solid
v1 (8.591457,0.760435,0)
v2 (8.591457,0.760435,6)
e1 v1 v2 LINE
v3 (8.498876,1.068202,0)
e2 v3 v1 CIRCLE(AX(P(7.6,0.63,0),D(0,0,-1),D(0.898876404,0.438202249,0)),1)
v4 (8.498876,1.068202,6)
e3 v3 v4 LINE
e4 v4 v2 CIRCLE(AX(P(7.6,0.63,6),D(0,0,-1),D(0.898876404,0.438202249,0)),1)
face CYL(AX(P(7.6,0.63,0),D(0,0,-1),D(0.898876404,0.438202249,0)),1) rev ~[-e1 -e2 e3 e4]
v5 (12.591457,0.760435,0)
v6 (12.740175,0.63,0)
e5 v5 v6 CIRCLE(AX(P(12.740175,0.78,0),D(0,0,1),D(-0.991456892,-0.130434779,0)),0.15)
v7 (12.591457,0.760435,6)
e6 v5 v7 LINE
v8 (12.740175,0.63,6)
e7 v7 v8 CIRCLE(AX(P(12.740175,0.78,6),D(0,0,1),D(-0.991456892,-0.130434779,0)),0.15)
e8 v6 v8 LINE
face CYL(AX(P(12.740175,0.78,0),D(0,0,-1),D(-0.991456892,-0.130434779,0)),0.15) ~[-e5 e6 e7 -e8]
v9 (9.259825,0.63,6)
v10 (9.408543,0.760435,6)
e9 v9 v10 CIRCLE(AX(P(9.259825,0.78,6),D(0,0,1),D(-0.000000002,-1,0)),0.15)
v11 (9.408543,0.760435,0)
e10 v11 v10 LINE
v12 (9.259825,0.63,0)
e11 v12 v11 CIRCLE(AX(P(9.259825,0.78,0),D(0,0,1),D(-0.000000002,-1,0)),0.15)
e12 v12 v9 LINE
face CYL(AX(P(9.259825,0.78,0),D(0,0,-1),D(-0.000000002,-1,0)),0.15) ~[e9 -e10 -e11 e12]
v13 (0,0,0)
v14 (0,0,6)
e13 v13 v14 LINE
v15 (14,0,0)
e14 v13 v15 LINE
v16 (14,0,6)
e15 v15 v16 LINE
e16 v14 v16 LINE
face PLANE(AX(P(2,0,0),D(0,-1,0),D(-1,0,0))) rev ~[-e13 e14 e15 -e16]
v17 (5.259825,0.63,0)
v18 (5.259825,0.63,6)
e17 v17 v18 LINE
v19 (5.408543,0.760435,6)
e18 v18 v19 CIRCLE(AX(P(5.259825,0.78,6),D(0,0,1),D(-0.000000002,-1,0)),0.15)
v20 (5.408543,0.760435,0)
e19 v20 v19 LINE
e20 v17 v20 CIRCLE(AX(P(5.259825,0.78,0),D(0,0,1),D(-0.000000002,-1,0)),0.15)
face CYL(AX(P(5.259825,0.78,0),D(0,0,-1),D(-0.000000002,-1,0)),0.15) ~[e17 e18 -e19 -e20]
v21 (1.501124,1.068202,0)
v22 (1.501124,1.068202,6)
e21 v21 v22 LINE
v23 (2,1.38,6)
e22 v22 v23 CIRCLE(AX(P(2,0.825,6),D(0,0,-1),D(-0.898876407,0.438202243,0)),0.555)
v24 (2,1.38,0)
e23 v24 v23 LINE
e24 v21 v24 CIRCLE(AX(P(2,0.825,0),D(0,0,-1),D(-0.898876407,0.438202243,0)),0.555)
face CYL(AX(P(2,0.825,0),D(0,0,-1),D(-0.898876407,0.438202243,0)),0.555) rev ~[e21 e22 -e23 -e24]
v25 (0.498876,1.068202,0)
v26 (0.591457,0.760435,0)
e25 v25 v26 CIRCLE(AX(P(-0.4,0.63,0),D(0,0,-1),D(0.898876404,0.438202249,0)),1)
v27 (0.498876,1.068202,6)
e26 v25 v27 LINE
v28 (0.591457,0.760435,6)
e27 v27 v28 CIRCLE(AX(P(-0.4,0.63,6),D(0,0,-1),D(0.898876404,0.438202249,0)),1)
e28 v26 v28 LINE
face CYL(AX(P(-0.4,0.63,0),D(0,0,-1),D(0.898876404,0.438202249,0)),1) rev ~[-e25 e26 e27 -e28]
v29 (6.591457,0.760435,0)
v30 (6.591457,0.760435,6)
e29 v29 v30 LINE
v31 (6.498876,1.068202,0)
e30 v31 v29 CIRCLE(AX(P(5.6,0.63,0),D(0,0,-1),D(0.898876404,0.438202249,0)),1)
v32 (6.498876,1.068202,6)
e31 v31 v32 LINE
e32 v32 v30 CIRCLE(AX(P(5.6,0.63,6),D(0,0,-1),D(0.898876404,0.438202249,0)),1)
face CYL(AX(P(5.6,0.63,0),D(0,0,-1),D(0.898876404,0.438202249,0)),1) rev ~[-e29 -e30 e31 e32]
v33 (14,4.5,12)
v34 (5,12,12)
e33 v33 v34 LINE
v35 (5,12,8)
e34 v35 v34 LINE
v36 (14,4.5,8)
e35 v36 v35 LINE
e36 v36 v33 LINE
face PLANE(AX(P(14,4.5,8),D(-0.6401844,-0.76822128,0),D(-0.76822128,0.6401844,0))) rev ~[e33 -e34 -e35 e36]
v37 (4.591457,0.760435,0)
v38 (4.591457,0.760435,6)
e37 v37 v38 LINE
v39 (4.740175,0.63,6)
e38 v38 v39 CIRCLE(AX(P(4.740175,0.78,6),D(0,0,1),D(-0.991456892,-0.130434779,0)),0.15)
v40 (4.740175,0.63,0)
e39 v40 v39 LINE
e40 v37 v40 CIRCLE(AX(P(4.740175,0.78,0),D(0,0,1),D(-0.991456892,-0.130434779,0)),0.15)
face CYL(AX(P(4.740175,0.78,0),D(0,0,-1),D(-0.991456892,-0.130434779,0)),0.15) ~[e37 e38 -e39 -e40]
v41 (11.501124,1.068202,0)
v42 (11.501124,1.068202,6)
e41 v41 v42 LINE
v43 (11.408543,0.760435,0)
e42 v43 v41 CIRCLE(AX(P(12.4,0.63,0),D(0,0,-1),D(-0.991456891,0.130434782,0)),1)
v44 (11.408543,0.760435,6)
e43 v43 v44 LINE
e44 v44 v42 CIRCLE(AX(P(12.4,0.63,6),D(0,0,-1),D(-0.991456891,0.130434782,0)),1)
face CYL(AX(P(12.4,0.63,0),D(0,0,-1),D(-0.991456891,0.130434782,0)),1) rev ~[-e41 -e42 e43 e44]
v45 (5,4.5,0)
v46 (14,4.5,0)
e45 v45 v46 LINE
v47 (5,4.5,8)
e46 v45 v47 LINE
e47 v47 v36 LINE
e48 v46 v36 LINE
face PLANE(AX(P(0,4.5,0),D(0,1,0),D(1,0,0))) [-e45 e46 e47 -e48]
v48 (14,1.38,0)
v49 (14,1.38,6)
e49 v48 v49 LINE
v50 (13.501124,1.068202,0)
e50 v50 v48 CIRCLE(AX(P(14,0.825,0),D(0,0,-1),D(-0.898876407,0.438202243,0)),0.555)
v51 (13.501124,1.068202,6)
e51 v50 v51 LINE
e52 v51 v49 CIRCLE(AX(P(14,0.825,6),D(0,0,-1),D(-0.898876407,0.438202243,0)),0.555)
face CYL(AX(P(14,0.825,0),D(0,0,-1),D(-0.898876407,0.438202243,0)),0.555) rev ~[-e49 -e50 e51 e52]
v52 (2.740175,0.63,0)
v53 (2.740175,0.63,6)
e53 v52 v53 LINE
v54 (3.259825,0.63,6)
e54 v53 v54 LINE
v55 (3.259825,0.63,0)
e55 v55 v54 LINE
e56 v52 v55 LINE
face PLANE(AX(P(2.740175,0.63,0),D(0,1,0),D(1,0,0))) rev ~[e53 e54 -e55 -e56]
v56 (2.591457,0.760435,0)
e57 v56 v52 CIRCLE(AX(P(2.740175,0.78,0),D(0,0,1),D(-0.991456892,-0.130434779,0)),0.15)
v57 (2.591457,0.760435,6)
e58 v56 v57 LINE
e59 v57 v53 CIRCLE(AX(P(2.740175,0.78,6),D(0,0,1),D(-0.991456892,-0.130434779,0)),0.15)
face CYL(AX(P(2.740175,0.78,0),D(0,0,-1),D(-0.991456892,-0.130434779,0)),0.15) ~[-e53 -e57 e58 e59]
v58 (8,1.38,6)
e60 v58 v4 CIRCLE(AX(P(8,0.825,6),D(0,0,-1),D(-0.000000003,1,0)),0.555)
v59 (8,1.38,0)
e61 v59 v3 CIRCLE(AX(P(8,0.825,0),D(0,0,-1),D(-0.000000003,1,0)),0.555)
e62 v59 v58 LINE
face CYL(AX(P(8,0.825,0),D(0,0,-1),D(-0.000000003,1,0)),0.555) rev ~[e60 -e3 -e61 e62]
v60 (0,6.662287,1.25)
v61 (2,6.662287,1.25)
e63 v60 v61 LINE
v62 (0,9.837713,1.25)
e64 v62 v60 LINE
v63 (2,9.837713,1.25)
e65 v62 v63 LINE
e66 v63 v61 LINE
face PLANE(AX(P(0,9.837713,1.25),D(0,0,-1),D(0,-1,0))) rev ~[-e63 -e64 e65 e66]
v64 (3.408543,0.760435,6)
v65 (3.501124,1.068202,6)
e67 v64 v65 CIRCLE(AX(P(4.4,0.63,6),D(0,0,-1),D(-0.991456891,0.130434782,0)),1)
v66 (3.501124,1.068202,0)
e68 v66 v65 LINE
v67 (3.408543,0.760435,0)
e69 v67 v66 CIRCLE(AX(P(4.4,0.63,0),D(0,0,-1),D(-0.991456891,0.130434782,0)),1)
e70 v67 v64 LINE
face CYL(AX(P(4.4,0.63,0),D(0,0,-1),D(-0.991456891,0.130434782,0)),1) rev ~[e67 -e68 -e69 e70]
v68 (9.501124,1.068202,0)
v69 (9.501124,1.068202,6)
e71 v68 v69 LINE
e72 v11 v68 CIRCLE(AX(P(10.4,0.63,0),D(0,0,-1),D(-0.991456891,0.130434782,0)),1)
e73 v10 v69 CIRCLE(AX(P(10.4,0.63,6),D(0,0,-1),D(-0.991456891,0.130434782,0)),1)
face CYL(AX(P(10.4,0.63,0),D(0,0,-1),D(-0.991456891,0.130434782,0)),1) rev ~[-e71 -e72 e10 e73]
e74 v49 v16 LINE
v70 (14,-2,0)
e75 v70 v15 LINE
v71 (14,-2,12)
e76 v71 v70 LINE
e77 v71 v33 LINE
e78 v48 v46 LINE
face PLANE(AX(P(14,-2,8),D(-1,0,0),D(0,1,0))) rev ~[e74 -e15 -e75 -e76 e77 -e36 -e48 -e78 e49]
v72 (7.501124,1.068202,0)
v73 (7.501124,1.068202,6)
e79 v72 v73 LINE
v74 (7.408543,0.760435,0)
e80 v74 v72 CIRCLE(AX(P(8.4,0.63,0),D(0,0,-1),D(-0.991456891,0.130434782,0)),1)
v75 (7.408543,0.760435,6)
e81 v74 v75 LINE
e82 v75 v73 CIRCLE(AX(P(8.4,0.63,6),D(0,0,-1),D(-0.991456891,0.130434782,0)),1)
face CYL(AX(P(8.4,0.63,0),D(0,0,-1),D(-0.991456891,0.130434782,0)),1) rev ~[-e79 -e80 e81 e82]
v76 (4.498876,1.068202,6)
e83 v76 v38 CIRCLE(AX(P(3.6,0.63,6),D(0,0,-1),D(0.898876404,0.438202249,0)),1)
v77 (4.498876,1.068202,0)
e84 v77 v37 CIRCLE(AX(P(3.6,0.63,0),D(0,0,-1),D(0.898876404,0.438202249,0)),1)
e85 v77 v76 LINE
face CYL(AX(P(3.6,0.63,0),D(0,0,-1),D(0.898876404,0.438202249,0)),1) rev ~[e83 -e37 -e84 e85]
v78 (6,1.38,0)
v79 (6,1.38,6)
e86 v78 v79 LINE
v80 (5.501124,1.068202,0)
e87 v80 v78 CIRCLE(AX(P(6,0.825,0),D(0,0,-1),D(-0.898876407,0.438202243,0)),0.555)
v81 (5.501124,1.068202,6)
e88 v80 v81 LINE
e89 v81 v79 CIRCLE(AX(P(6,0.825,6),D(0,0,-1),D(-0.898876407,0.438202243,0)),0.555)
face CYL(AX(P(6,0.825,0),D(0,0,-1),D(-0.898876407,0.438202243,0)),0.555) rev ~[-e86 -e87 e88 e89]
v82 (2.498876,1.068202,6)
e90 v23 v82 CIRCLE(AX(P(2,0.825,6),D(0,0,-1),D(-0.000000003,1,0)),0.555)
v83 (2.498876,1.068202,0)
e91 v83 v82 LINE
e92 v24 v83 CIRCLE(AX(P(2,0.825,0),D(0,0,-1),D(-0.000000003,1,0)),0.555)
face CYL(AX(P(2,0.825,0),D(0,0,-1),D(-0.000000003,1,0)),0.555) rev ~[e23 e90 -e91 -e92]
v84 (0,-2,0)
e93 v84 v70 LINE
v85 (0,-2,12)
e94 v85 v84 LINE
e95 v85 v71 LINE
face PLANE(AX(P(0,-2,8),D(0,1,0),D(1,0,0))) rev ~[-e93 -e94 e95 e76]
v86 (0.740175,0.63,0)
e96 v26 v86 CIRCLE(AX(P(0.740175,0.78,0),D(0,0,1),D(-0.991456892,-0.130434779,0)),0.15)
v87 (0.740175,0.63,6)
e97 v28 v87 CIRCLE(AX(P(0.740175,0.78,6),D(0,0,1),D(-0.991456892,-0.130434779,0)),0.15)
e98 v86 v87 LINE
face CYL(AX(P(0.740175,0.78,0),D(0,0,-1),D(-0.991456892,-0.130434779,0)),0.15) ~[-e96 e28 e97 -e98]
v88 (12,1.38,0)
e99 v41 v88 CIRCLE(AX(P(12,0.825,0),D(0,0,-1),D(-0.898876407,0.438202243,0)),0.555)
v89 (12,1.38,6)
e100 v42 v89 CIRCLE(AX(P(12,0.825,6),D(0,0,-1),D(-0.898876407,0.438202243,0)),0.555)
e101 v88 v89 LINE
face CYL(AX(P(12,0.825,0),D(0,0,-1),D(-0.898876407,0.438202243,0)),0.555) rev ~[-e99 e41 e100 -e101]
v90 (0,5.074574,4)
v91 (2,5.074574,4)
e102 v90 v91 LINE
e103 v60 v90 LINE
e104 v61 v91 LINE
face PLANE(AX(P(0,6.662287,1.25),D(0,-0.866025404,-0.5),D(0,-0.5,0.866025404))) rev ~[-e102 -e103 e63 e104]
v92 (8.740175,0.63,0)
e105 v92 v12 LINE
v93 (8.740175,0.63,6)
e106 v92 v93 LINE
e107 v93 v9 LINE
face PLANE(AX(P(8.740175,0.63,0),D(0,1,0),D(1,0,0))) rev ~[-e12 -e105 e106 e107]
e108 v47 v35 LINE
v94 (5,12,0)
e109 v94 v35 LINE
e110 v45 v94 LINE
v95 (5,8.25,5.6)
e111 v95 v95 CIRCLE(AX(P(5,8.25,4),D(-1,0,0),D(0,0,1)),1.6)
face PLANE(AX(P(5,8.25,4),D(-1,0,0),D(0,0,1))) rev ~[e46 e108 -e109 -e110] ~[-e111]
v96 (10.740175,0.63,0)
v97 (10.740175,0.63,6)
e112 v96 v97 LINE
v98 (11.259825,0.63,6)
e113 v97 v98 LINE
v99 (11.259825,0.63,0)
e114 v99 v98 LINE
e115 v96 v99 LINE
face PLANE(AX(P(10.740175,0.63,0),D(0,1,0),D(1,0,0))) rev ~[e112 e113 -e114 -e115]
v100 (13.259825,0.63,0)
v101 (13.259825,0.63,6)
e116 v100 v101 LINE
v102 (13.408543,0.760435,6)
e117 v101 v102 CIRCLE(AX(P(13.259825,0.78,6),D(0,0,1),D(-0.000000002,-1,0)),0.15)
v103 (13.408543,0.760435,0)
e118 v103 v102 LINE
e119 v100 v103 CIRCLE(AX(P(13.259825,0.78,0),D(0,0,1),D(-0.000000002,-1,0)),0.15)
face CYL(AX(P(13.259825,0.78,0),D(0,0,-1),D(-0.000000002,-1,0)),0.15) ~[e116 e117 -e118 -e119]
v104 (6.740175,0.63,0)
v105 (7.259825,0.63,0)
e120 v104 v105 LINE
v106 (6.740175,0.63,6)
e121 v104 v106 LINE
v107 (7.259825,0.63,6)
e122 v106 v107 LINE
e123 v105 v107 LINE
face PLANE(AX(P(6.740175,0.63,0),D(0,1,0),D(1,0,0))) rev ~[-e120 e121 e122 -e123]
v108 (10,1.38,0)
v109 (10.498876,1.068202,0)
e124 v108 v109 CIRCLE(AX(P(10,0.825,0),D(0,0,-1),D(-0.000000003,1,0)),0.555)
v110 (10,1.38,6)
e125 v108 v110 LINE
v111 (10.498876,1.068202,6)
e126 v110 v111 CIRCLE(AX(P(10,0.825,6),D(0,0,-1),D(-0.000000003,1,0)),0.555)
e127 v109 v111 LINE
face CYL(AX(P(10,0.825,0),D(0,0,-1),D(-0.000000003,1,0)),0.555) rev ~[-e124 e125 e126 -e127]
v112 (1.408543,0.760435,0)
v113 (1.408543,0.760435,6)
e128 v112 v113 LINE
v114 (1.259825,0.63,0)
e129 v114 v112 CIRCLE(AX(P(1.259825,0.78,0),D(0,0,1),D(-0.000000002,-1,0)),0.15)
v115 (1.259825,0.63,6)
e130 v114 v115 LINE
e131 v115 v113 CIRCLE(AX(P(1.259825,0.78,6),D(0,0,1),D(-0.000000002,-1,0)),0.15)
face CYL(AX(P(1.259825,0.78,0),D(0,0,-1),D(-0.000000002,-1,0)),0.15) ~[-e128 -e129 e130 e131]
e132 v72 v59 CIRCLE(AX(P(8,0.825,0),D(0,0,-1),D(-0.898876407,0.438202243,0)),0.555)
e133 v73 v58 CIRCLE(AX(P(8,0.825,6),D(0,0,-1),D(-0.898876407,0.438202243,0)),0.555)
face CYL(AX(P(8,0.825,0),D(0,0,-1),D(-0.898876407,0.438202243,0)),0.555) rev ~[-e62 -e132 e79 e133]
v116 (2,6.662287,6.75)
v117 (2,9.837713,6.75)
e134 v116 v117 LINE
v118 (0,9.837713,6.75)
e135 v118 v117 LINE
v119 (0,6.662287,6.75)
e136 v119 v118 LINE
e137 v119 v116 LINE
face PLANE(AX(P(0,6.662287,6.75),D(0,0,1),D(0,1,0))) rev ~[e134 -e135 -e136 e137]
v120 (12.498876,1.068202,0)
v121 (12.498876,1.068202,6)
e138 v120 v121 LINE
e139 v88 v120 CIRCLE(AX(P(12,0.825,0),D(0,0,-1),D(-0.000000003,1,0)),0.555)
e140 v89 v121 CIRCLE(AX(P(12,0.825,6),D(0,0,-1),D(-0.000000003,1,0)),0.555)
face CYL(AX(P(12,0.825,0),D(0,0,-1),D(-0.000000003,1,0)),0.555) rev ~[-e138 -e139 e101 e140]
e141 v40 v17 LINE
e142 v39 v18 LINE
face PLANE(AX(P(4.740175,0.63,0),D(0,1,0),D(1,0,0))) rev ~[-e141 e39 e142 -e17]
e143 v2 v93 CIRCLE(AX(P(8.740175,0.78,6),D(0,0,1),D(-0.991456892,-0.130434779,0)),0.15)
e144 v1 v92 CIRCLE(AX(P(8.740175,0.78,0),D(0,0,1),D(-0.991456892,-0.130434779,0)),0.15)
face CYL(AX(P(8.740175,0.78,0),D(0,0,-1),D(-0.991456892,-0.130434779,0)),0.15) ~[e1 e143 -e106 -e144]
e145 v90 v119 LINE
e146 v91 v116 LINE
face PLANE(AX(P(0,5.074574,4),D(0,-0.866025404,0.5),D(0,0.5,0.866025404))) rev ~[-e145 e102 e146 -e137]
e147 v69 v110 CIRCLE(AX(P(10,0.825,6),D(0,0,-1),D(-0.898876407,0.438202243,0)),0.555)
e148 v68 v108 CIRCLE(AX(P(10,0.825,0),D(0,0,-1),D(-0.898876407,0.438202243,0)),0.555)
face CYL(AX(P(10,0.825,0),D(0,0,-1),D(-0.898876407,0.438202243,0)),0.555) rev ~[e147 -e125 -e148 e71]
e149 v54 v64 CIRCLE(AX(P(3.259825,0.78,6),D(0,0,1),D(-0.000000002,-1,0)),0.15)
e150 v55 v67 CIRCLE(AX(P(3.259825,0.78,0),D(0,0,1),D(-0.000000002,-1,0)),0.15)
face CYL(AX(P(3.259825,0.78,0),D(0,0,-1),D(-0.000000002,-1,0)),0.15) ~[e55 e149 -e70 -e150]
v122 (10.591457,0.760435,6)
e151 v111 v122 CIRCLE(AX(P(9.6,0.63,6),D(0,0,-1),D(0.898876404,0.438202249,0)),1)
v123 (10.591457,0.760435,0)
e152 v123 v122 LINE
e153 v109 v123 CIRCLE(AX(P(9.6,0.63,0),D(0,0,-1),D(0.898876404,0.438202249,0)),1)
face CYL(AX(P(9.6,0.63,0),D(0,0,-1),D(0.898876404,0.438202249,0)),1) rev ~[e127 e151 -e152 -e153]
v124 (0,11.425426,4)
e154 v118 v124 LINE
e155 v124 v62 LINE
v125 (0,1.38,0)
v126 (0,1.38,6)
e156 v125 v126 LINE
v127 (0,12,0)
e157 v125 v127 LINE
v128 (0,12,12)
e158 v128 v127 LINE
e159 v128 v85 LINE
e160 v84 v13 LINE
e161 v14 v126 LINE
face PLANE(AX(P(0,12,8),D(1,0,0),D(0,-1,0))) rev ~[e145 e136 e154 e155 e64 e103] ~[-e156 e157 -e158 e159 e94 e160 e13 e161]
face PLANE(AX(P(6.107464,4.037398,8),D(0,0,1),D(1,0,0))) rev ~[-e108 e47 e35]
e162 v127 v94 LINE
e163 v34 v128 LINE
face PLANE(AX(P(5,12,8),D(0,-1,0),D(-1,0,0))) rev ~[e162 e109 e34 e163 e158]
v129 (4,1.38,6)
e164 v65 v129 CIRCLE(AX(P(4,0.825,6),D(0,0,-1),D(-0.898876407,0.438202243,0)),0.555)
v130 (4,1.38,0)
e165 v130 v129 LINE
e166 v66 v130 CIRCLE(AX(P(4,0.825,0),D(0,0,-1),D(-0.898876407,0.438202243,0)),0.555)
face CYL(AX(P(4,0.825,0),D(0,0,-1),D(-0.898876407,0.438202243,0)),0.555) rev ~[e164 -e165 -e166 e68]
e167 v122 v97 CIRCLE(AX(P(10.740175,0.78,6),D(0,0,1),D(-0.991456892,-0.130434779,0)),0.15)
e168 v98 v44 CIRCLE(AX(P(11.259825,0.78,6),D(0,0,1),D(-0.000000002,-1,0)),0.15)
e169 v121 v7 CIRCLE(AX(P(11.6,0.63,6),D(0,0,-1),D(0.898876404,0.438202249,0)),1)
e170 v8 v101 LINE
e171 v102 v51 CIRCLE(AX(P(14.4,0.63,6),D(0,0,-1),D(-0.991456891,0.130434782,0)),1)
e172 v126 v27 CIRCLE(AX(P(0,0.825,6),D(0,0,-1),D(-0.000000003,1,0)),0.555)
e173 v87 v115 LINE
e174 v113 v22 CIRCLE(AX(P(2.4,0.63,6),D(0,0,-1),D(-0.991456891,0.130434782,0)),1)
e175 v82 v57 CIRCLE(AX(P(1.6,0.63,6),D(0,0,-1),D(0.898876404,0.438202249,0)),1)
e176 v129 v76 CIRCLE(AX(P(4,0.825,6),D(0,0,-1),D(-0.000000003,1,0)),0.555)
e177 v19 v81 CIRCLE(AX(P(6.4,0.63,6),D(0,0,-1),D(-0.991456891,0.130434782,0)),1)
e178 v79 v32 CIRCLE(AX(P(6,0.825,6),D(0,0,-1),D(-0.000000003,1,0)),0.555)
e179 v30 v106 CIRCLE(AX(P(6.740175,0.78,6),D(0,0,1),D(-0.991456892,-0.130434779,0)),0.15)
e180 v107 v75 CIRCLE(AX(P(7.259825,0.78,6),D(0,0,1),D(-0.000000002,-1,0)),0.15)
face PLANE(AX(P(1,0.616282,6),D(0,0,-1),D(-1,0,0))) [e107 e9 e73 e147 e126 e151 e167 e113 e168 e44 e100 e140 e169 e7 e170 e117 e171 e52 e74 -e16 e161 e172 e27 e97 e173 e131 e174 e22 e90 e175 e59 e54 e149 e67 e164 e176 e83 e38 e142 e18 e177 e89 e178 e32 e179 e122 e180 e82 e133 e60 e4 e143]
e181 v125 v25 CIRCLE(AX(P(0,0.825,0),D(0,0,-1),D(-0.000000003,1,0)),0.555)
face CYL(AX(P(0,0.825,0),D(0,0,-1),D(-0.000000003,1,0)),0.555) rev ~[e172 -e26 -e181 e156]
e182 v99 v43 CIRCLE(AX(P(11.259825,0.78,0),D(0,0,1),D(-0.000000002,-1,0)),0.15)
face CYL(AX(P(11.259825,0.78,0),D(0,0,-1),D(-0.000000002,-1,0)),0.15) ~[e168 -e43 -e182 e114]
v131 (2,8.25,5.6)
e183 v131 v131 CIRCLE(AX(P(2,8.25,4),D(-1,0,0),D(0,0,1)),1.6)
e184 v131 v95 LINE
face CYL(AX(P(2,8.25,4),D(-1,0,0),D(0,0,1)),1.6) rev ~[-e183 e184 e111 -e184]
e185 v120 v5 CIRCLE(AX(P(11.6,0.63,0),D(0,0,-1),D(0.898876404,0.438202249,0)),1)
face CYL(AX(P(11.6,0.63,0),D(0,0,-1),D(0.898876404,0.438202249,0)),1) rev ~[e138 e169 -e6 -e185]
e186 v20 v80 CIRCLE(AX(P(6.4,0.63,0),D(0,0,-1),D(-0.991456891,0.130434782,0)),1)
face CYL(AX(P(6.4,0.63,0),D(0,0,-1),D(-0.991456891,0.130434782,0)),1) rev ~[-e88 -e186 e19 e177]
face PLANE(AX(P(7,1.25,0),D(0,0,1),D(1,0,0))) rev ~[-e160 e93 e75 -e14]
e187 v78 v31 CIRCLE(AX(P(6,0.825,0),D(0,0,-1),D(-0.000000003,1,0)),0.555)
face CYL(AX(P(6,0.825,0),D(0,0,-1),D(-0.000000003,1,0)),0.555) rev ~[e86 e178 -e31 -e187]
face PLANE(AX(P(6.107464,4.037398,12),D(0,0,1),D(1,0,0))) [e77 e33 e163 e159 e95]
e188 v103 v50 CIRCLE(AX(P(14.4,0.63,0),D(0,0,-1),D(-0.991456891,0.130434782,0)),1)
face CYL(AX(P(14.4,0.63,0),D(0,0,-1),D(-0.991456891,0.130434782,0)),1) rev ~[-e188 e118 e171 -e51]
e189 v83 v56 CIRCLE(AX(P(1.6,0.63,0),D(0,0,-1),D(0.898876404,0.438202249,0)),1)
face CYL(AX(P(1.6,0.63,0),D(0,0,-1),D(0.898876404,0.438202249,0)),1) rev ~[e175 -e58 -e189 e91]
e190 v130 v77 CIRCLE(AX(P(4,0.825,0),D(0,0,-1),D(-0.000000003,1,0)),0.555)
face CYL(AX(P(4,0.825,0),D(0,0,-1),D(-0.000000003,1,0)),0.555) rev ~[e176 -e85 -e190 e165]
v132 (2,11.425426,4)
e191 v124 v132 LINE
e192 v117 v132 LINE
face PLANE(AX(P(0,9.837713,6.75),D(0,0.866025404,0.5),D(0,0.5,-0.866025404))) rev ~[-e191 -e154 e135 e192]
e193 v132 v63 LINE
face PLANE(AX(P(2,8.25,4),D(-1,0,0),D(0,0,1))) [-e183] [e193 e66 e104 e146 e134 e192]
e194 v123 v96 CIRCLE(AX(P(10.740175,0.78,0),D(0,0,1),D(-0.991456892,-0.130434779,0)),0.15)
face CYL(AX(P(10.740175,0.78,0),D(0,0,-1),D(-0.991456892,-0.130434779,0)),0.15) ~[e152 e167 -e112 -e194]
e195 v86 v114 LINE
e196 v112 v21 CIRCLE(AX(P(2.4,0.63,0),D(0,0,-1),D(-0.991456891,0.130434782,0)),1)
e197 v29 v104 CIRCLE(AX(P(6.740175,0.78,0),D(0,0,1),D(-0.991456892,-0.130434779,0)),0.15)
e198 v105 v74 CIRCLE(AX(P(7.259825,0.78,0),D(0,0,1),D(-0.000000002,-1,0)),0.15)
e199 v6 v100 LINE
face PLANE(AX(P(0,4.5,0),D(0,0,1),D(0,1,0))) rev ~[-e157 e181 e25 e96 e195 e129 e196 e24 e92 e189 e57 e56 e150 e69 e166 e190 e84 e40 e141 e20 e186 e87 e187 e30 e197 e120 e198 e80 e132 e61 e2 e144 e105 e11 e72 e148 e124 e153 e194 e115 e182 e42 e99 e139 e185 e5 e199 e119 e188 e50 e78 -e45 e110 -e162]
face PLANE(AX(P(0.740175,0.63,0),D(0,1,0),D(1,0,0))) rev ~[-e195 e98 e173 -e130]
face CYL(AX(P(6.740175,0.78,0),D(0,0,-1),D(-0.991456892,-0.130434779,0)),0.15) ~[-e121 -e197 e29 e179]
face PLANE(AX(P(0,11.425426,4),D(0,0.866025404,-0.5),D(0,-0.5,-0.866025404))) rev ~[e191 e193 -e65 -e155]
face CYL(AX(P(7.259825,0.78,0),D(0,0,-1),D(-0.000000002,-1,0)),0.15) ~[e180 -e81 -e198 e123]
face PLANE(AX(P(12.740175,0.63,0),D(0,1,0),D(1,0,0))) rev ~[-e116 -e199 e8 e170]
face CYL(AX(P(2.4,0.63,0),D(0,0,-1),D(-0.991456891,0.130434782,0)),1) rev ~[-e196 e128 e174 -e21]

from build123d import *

# Parameters (mm, degrees)
SKETCH3_W           = 14
SKETCH3_H           = 6.5
BOSS_EXTRUDE2_DEPTH = 8
CUT_EXTRUDE1_DEPTH  = 6
LPATTERN2_COUNT     = 7
LPATTERN2_PITCH     = 2
SKETCH4_W           = 8
SKETCH4_H           = 7.5
BOSS_EXTRUDE3_DEPTH = 5
CUT_EXTRUDE2_DEPTH  = 2
SKETCH6_R           = 1.6
CUT_EXTRUDE3_DEPTH  = 10
BOSS_EXTRUDE4_DEPTH = 4


with BuildPart() as part:
    # Sketch3 → Boss-Extrude2 (new body)
    with BuildSketch(Plane.XY):
        with Locations((7, 1.25)):
            Rectangle(SKETCH3_W, SKETCH3_H)
    extrude(amount=BOSS_EXTRUDE2_DEPTH)

    # Sketch1 → Cut-Extrude1 (cut)
    with BuildSketch(Plane.XY):
        with BuildLine():
            Line((0.740175425, 0.63), (1.259824575, 0.63))
            ThreePointArc((1.259824575, 0.63), (1.358731646, 0.667228588), (1.408543109, 0.760434783))
            ThreePointArc((1.408543109, 0.760434783), (1.442388286, 0.918062154), (1.501123596, 1.068202247))
            ThreePointArc((1.501123596, 1.068202247), (1.705850588, 1.295639059), (2, 1.38))
            Line((2, 1.38), (2, 0))
            Line((2, 0), (0, 0))
            Line((0, 0), (0, 1.38))
            ThreePointArc((0, 1.38), (0.294149412, 1.295639059), (0.498876404, 1.068202247))
            ThreePointArc((0.498876404, 1.068202247), (0.557611714, 0.918062154), (0.591456891, 0.760434783))
            ThreePointArc((0.591456891, 0.760434783), (0.641268354, 0.667228588), (0.740175425, 0.63))
        make_face()
    cut_extrude1 = extrude(amount=CUT_EXTRUDE1_DEPTH, mode=Mode.SUBTRACT)

    # LPattern2: Cut-Extrude1 ×7
    with Locations(*[(i * LPATTERN2_PITCH, 0, 0) for i in range(1, LPATTERN2_COUNT)]):
        add(cut_extrude1, mode=Mode.SUBTRACT)

    # Sketch4 → Boss-Extrude3 (add)
    with BuildSketch(Plane.ZY):
        with Locations((4, 8.25)):
            Rectangle(SKETCH4_W, SKETCH4_H)
    extrude(amount=-BOSS_EXTRUDE3_DEPTH)

    # Sketch5 → Cut-Extrude2 (cut)
    with BuildSketch(Plane.ZY):
        Polygon((1.25, 9.83771324), (1.25, 6.66228676), (4, 5.074573519), (6.75, 6.66228676), (6.75, 9.83771324), (4, 11.425426481), align=None)
    extrude(amount=-CUT_EXTRUDE2_DEPTH, mode=Mode.SUBTRACT)

    # Sketch6 → Cut-Extrude3 (cut)
    with BuildSketch(Plane.ZY.offset(-2)):
        with Locations((4, 8.25)):
            Circle(SKETCH6_R)
    extrude(amount=-CUT_EXTRUDE3_DEPTH, mode=Mode.SUBTRACT)

    # Sketch7 → Boss-Extrude4 (add)
    with BuildSketch(Plane.XY.offset(8)):
        Polygon((14, -2), (14, 4.5), (5, 12), (0, 12), (0, -2), align=None)
    extrude(amount=BOSS_EXTRUDE4_DEPTH)


solid = part.part
